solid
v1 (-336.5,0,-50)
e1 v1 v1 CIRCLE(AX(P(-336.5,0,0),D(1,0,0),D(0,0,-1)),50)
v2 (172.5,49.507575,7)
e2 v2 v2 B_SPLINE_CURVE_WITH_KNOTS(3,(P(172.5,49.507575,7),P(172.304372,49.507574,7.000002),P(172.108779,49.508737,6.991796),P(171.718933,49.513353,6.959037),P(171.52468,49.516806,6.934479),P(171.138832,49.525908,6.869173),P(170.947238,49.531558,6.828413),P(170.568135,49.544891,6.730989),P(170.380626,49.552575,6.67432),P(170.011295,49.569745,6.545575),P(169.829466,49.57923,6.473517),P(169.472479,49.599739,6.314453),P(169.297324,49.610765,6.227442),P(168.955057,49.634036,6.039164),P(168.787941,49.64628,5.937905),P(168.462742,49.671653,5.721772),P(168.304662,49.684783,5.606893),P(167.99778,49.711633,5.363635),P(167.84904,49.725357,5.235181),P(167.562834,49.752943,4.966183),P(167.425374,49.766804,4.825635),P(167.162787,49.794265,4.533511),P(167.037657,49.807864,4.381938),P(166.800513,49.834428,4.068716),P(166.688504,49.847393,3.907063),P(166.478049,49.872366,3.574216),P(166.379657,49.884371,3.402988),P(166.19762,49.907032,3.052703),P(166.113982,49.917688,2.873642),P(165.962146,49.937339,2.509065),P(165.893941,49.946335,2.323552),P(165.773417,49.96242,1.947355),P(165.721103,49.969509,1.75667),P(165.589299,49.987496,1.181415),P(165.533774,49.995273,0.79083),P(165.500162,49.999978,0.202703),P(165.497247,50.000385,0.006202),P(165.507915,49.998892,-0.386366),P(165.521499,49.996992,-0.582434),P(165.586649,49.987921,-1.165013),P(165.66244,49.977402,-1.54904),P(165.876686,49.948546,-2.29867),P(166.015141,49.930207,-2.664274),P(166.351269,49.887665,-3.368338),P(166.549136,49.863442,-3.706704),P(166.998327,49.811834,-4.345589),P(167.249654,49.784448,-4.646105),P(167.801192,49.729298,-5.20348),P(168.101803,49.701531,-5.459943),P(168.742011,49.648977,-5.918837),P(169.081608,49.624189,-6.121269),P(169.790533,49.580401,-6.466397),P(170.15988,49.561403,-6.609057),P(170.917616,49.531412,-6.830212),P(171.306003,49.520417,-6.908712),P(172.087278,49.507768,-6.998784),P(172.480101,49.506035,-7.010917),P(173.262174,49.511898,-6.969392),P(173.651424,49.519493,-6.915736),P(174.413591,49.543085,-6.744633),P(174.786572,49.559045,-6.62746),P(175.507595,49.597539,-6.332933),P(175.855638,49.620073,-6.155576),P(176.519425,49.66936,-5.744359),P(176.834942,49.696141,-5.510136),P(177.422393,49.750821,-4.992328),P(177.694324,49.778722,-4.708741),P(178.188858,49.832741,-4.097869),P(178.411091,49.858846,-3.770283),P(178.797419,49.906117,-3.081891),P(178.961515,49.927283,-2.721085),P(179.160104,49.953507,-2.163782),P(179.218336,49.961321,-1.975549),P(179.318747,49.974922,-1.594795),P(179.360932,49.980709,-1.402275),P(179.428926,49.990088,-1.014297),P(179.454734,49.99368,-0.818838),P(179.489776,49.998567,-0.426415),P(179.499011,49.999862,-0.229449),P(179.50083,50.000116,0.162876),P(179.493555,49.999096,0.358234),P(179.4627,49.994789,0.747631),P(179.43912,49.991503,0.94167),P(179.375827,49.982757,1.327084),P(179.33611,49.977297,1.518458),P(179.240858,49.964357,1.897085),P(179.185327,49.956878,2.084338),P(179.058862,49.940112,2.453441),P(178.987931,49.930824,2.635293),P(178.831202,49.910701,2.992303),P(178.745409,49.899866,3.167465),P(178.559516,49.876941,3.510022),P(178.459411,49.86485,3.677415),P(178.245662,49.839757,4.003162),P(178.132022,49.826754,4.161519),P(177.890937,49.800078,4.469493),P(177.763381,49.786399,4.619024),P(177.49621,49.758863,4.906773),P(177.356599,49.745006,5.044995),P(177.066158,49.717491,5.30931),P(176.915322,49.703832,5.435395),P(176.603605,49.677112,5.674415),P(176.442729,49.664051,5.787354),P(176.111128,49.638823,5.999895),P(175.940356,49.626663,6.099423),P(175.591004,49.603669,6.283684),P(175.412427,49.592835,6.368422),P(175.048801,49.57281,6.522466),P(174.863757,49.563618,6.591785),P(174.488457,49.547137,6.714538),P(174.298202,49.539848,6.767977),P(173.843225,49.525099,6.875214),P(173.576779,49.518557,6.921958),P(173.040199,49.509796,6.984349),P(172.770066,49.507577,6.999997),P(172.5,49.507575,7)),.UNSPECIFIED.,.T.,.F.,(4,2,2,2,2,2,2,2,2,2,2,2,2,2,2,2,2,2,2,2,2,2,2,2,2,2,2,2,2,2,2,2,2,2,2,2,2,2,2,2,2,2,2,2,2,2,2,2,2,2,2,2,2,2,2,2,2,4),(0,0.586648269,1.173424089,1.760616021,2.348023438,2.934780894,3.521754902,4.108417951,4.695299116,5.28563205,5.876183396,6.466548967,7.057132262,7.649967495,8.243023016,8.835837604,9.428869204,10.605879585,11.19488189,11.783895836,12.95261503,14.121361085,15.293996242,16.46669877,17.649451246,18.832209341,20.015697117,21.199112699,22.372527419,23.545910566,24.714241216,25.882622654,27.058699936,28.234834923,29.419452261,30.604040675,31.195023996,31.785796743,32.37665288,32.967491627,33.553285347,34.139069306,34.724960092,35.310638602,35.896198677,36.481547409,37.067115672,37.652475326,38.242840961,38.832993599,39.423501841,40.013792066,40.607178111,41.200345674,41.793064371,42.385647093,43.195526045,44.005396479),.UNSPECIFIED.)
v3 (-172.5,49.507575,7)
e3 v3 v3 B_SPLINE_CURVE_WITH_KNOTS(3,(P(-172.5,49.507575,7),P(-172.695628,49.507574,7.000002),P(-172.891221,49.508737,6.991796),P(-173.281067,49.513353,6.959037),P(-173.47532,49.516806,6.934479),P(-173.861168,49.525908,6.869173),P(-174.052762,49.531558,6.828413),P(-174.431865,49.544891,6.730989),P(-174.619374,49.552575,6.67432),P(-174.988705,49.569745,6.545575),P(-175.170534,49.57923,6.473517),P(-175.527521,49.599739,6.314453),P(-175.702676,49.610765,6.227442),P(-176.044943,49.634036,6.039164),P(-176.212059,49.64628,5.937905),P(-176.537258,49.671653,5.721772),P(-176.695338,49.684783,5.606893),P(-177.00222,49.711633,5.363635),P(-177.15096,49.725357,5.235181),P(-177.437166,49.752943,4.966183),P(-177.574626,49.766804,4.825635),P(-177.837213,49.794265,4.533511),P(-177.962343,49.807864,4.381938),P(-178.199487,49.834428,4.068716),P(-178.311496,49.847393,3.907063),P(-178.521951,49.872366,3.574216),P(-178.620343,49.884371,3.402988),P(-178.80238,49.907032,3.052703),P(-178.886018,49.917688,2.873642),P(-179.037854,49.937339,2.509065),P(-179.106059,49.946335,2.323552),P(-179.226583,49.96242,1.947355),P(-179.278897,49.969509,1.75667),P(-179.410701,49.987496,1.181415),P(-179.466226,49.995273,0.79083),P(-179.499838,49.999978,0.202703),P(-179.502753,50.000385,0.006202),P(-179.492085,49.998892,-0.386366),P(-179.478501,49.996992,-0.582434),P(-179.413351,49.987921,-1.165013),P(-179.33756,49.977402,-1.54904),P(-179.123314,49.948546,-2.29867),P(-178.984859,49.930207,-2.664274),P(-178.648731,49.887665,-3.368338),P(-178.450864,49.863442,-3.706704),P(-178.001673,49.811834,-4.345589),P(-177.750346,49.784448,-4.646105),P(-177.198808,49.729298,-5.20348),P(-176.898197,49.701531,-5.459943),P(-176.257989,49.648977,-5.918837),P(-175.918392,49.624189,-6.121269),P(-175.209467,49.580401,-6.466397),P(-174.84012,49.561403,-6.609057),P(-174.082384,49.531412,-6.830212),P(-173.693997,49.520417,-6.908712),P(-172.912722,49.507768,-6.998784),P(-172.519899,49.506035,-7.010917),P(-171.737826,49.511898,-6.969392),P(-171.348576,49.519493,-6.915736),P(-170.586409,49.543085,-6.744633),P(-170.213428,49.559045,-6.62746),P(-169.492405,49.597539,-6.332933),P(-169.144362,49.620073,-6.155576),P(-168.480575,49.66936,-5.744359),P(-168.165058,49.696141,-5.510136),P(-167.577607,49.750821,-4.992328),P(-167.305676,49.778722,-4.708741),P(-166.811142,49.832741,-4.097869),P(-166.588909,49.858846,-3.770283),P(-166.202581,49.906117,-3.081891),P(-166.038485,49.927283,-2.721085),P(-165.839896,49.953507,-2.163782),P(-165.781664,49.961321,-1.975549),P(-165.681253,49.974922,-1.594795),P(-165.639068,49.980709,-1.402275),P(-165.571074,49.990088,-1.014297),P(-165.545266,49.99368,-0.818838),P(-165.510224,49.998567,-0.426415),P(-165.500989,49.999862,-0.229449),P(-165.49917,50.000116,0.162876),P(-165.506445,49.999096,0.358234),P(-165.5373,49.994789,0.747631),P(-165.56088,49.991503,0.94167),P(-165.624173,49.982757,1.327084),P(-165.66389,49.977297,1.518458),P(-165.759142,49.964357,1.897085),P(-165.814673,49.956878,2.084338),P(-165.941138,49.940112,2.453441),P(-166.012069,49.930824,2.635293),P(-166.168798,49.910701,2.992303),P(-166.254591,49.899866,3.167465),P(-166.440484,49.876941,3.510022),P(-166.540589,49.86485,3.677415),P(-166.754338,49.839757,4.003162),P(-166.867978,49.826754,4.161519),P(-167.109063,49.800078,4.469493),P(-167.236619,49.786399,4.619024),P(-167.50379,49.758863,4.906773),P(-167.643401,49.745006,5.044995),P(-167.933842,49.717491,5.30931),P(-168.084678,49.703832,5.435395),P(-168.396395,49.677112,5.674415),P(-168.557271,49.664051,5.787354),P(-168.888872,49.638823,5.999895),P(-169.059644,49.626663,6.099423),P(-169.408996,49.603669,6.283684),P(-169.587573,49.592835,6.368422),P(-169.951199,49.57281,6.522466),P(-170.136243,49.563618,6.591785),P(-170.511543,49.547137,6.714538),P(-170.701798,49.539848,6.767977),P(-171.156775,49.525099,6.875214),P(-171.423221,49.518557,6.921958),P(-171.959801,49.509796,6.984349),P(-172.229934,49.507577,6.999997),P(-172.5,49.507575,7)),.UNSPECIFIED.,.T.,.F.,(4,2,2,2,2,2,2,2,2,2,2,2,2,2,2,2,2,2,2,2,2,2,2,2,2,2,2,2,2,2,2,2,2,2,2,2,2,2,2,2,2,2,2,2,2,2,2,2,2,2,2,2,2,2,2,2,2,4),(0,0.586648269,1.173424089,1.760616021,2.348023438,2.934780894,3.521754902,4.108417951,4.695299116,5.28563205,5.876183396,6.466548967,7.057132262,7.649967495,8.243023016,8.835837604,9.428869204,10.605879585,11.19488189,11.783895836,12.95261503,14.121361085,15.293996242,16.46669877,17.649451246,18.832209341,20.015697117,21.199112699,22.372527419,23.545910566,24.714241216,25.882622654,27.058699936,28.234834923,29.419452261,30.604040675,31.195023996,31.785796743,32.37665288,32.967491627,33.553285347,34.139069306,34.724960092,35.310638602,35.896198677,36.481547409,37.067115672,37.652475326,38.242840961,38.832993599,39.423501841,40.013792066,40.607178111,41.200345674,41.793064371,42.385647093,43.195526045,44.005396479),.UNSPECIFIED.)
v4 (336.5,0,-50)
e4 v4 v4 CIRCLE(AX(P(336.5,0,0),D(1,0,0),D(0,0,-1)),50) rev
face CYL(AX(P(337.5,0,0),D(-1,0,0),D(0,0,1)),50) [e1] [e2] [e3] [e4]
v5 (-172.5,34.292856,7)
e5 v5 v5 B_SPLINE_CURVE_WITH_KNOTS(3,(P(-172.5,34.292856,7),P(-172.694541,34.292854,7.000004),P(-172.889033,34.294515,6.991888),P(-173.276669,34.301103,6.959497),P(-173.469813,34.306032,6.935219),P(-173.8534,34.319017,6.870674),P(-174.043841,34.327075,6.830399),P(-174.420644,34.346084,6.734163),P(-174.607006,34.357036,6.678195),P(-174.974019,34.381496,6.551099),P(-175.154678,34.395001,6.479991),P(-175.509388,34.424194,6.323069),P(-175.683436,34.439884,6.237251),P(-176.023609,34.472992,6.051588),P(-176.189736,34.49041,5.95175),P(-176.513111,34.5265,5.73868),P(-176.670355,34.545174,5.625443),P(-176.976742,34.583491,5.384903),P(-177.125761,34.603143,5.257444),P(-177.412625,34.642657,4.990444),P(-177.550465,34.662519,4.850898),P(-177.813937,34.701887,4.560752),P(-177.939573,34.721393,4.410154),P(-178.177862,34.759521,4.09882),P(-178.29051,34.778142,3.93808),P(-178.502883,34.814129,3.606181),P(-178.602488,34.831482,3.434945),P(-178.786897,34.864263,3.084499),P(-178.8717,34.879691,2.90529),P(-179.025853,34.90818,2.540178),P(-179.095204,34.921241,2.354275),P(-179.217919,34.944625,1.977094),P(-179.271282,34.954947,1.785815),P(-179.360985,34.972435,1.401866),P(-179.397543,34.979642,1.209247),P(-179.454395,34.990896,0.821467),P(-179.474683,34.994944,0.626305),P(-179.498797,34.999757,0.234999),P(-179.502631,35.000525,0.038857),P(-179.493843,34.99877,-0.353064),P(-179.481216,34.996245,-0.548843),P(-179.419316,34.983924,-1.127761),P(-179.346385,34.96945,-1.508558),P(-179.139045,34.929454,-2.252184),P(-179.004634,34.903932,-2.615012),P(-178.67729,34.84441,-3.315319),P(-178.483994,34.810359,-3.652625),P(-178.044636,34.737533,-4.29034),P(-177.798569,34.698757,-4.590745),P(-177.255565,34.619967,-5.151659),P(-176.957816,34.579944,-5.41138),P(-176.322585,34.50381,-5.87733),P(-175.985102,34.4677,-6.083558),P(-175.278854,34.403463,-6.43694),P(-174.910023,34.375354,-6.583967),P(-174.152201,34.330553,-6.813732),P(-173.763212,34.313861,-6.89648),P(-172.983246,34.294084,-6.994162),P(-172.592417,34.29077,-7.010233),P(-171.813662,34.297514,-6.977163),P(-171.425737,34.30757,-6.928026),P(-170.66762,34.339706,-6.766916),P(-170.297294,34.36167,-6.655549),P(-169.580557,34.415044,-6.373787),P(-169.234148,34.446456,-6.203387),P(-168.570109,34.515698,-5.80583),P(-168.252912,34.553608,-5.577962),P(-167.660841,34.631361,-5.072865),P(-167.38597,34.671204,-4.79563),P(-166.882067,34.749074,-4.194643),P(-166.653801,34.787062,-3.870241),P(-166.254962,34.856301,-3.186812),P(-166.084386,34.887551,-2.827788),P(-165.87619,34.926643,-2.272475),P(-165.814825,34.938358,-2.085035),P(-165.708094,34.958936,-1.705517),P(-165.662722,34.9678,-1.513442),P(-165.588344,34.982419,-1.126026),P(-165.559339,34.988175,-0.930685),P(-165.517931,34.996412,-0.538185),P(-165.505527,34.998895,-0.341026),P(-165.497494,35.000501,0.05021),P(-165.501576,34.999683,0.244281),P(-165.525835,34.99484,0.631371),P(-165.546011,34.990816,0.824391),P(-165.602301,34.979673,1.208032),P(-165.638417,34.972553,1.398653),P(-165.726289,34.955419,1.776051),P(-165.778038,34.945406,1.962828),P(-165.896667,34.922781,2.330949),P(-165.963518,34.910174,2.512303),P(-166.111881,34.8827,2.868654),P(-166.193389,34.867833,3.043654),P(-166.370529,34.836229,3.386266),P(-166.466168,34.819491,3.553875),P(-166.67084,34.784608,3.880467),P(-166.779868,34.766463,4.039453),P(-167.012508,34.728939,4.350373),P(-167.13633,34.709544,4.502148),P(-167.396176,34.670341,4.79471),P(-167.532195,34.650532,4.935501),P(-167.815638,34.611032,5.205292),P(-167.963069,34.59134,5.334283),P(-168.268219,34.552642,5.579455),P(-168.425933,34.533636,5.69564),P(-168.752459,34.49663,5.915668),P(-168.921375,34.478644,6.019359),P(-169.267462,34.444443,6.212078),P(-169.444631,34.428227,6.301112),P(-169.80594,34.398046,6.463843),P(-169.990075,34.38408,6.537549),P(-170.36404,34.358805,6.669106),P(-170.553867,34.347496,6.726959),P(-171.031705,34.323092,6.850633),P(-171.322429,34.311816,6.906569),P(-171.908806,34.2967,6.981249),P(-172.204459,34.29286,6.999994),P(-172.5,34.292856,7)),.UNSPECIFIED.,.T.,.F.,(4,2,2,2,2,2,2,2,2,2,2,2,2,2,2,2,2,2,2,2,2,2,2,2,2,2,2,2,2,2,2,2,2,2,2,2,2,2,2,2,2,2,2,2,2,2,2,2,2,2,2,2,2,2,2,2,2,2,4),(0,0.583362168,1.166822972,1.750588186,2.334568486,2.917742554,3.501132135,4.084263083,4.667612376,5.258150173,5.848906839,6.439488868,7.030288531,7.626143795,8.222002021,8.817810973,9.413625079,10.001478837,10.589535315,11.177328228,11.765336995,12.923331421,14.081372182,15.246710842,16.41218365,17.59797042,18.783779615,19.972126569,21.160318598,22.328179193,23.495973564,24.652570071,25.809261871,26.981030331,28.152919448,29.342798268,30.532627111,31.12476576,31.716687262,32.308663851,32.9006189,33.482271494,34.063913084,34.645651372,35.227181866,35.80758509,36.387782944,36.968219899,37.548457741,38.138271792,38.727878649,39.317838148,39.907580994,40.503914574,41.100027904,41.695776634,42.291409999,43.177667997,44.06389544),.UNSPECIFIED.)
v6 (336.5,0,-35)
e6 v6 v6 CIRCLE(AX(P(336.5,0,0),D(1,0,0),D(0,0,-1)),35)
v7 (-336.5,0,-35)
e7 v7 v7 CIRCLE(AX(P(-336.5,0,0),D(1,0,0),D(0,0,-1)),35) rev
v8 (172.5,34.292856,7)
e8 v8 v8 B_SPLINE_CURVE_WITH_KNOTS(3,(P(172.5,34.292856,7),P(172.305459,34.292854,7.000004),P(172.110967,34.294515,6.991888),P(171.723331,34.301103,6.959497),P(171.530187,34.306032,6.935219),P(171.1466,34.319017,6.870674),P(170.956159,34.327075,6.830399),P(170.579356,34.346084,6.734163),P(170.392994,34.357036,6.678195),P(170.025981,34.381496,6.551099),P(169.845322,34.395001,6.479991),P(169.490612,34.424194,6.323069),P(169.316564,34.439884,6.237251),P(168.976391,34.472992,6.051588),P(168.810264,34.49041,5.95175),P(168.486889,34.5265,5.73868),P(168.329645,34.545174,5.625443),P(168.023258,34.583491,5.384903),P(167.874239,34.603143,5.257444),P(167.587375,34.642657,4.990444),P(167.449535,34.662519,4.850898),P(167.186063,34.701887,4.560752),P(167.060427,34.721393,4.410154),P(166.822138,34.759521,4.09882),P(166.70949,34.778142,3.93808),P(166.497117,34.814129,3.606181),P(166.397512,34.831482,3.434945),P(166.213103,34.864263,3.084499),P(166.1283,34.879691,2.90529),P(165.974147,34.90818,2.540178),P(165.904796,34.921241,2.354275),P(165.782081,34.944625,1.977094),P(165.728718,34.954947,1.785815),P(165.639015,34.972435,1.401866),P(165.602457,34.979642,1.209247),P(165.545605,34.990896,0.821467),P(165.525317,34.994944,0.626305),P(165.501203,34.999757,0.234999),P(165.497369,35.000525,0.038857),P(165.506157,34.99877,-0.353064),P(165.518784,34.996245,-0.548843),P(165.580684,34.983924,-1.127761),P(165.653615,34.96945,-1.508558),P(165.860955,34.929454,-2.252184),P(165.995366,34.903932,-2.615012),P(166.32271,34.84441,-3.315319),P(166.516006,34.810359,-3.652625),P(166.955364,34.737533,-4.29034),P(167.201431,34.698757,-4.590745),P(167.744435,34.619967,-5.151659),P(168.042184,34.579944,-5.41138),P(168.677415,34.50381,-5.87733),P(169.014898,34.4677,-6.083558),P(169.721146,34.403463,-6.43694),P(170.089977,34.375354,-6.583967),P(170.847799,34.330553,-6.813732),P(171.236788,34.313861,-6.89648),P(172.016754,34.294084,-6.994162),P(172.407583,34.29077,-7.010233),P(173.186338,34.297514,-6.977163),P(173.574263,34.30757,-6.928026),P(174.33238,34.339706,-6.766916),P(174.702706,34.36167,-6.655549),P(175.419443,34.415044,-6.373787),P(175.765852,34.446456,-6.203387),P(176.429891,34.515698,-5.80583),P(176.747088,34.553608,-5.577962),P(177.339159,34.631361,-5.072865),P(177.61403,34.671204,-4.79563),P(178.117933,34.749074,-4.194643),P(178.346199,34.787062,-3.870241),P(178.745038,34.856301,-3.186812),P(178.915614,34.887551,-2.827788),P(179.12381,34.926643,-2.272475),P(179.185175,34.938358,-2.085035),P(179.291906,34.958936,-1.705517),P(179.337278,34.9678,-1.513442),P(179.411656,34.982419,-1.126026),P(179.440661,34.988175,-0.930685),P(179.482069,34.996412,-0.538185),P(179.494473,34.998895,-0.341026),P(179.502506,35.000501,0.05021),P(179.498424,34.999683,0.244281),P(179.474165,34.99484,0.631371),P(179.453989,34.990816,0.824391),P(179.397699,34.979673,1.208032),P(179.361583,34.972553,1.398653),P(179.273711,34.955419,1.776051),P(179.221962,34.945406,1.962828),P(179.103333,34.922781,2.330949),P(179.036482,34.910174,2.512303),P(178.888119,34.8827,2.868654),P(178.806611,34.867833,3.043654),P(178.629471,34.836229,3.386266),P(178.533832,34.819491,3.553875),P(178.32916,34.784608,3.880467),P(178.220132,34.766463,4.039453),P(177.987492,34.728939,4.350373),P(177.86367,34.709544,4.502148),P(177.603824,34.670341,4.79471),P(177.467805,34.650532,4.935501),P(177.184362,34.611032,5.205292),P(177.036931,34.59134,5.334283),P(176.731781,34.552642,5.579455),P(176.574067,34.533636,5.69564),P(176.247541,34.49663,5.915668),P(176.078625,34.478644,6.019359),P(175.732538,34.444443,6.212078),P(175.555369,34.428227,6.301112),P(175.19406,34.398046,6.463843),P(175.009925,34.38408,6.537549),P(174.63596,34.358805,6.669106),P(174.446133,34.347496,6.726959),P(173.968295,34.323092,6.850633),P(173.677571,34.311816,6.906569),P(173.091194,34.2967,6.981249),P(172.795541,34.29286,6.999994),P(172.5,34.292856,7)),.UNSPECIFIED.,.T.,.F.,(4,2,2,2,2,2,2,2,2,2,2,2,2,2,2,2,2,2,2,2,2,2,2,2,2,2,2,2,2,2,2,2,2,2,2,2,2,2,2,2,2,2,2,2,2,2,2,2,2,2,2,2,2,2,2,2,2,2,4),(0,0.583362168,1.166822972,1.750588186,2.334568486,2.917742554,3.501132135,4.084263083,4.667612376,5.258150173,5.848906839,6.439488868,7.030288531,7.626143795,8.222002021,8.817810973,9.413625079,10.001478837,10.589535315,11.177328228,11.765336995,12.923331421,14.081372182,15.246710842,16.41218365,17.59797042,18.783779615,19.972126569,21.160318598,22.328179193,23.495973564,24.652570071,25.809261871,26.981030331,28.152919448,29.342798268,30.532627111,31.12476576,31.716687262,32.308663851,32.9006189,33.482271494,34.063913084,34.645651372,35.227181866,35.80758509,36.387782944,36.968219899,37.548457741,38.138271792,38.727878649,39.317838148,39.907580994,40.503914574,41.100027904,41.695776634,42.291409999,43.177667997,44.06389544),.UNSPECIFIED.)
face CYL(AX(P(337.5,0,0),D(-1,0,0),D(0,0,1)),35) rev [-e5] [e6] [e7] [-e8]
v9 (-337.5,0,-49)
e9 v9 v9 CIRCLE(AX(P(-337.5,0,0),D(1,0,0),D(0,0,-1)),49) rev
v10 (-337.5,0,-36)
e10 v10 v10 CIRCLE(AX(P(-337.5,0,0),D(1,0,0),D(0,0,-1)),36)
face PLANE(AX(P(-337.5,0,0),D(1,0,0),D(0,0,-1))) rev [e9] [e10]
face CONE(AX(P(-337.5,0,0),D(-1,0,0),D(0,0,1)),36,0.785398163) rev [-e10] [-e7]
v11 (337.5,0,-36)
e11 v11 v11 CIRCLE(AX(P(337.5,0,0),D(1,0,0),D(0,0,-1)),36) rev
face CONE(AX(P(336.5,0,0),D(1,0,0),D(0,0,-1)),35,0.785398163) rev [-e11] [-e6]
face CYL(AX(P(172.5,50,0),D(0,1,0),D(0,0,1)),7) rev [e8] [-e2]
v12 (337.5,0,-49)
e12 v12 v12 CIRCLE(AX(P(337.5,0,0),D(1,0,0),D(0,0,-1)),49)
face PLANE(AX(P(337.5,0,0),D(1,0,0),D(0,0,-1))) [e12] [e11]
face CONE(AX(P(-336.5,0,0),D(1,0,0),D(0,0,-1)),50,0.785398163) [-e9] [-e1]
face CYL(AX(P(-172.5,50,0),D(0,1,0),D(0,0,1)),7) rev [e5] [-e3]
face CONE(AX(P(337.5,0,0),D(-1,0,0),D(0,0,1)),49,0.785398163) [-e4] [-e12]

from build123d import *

# Parameters (mm, degrees)
SKETCH_1_R              = 50
SKETCH_1_R_2            = 35
EXTRUDE_1_DEPTH         = 337.5
CHAMFER_1_SIZE          = 1
HOLE_WIZARD_M16_1_D     = 14
HOLE_WIZARD_M16_1_DEPTH = 42
HOLE_WIZARD_M16_1_TIP   = 4.206024333


with BuildPart() as part:
    # 草图1 → 凸台-拉伸1 (new, symmetric)
    with BuildSketch(Plane(origin=(0, 0, 0), x_dir=(0, 0, -1), z_dir=(1, 0, 0))):
        Circle(SKETCH_1_R)
        Circle(SKETCH_1_R_2, mode=Mode.SUBTRACT)
    extrude(amount=EXTRUDE_1_DEPTH, both=True)

    # 倒角1
    chamfer_1_edges = [part.edges().sort_by_distance(p)[0] for p in [
        (-337.5, 0, 50),
        (337.5, 0, 50),
        (-337.5, 0, 35),
        (337.5, 0, 35),
    ]]
    chamfer(chamfer_1_edges, length=CHAMFER_1_SIZE)

    # M16 螺纹孔1
    with Locations(Plane(origin=(0, 50, 0), x_dir=(1, 0, 0), z_dir=(0, 1, 0))):
        with Locations((172.5, 0), (-172.5, 0)):
            Hole(HOLE_WIZARD_M16_1_D / 2, depth=HOLE_WIZARD_M16_1_DEPTH)
            with Locations((0, 0, -(HOLE_WIZARD_M16_1_DEPTH + HOLE_WIZARD_M16_1_TIP / 2))):  # 118° drill point
                Cone(0, HOLE_WIZARD_M16_1_D / 2, HOLE_WIZARD_M16_1_TIP, mode=Mode.SUBTRACT)


solid = part.part
